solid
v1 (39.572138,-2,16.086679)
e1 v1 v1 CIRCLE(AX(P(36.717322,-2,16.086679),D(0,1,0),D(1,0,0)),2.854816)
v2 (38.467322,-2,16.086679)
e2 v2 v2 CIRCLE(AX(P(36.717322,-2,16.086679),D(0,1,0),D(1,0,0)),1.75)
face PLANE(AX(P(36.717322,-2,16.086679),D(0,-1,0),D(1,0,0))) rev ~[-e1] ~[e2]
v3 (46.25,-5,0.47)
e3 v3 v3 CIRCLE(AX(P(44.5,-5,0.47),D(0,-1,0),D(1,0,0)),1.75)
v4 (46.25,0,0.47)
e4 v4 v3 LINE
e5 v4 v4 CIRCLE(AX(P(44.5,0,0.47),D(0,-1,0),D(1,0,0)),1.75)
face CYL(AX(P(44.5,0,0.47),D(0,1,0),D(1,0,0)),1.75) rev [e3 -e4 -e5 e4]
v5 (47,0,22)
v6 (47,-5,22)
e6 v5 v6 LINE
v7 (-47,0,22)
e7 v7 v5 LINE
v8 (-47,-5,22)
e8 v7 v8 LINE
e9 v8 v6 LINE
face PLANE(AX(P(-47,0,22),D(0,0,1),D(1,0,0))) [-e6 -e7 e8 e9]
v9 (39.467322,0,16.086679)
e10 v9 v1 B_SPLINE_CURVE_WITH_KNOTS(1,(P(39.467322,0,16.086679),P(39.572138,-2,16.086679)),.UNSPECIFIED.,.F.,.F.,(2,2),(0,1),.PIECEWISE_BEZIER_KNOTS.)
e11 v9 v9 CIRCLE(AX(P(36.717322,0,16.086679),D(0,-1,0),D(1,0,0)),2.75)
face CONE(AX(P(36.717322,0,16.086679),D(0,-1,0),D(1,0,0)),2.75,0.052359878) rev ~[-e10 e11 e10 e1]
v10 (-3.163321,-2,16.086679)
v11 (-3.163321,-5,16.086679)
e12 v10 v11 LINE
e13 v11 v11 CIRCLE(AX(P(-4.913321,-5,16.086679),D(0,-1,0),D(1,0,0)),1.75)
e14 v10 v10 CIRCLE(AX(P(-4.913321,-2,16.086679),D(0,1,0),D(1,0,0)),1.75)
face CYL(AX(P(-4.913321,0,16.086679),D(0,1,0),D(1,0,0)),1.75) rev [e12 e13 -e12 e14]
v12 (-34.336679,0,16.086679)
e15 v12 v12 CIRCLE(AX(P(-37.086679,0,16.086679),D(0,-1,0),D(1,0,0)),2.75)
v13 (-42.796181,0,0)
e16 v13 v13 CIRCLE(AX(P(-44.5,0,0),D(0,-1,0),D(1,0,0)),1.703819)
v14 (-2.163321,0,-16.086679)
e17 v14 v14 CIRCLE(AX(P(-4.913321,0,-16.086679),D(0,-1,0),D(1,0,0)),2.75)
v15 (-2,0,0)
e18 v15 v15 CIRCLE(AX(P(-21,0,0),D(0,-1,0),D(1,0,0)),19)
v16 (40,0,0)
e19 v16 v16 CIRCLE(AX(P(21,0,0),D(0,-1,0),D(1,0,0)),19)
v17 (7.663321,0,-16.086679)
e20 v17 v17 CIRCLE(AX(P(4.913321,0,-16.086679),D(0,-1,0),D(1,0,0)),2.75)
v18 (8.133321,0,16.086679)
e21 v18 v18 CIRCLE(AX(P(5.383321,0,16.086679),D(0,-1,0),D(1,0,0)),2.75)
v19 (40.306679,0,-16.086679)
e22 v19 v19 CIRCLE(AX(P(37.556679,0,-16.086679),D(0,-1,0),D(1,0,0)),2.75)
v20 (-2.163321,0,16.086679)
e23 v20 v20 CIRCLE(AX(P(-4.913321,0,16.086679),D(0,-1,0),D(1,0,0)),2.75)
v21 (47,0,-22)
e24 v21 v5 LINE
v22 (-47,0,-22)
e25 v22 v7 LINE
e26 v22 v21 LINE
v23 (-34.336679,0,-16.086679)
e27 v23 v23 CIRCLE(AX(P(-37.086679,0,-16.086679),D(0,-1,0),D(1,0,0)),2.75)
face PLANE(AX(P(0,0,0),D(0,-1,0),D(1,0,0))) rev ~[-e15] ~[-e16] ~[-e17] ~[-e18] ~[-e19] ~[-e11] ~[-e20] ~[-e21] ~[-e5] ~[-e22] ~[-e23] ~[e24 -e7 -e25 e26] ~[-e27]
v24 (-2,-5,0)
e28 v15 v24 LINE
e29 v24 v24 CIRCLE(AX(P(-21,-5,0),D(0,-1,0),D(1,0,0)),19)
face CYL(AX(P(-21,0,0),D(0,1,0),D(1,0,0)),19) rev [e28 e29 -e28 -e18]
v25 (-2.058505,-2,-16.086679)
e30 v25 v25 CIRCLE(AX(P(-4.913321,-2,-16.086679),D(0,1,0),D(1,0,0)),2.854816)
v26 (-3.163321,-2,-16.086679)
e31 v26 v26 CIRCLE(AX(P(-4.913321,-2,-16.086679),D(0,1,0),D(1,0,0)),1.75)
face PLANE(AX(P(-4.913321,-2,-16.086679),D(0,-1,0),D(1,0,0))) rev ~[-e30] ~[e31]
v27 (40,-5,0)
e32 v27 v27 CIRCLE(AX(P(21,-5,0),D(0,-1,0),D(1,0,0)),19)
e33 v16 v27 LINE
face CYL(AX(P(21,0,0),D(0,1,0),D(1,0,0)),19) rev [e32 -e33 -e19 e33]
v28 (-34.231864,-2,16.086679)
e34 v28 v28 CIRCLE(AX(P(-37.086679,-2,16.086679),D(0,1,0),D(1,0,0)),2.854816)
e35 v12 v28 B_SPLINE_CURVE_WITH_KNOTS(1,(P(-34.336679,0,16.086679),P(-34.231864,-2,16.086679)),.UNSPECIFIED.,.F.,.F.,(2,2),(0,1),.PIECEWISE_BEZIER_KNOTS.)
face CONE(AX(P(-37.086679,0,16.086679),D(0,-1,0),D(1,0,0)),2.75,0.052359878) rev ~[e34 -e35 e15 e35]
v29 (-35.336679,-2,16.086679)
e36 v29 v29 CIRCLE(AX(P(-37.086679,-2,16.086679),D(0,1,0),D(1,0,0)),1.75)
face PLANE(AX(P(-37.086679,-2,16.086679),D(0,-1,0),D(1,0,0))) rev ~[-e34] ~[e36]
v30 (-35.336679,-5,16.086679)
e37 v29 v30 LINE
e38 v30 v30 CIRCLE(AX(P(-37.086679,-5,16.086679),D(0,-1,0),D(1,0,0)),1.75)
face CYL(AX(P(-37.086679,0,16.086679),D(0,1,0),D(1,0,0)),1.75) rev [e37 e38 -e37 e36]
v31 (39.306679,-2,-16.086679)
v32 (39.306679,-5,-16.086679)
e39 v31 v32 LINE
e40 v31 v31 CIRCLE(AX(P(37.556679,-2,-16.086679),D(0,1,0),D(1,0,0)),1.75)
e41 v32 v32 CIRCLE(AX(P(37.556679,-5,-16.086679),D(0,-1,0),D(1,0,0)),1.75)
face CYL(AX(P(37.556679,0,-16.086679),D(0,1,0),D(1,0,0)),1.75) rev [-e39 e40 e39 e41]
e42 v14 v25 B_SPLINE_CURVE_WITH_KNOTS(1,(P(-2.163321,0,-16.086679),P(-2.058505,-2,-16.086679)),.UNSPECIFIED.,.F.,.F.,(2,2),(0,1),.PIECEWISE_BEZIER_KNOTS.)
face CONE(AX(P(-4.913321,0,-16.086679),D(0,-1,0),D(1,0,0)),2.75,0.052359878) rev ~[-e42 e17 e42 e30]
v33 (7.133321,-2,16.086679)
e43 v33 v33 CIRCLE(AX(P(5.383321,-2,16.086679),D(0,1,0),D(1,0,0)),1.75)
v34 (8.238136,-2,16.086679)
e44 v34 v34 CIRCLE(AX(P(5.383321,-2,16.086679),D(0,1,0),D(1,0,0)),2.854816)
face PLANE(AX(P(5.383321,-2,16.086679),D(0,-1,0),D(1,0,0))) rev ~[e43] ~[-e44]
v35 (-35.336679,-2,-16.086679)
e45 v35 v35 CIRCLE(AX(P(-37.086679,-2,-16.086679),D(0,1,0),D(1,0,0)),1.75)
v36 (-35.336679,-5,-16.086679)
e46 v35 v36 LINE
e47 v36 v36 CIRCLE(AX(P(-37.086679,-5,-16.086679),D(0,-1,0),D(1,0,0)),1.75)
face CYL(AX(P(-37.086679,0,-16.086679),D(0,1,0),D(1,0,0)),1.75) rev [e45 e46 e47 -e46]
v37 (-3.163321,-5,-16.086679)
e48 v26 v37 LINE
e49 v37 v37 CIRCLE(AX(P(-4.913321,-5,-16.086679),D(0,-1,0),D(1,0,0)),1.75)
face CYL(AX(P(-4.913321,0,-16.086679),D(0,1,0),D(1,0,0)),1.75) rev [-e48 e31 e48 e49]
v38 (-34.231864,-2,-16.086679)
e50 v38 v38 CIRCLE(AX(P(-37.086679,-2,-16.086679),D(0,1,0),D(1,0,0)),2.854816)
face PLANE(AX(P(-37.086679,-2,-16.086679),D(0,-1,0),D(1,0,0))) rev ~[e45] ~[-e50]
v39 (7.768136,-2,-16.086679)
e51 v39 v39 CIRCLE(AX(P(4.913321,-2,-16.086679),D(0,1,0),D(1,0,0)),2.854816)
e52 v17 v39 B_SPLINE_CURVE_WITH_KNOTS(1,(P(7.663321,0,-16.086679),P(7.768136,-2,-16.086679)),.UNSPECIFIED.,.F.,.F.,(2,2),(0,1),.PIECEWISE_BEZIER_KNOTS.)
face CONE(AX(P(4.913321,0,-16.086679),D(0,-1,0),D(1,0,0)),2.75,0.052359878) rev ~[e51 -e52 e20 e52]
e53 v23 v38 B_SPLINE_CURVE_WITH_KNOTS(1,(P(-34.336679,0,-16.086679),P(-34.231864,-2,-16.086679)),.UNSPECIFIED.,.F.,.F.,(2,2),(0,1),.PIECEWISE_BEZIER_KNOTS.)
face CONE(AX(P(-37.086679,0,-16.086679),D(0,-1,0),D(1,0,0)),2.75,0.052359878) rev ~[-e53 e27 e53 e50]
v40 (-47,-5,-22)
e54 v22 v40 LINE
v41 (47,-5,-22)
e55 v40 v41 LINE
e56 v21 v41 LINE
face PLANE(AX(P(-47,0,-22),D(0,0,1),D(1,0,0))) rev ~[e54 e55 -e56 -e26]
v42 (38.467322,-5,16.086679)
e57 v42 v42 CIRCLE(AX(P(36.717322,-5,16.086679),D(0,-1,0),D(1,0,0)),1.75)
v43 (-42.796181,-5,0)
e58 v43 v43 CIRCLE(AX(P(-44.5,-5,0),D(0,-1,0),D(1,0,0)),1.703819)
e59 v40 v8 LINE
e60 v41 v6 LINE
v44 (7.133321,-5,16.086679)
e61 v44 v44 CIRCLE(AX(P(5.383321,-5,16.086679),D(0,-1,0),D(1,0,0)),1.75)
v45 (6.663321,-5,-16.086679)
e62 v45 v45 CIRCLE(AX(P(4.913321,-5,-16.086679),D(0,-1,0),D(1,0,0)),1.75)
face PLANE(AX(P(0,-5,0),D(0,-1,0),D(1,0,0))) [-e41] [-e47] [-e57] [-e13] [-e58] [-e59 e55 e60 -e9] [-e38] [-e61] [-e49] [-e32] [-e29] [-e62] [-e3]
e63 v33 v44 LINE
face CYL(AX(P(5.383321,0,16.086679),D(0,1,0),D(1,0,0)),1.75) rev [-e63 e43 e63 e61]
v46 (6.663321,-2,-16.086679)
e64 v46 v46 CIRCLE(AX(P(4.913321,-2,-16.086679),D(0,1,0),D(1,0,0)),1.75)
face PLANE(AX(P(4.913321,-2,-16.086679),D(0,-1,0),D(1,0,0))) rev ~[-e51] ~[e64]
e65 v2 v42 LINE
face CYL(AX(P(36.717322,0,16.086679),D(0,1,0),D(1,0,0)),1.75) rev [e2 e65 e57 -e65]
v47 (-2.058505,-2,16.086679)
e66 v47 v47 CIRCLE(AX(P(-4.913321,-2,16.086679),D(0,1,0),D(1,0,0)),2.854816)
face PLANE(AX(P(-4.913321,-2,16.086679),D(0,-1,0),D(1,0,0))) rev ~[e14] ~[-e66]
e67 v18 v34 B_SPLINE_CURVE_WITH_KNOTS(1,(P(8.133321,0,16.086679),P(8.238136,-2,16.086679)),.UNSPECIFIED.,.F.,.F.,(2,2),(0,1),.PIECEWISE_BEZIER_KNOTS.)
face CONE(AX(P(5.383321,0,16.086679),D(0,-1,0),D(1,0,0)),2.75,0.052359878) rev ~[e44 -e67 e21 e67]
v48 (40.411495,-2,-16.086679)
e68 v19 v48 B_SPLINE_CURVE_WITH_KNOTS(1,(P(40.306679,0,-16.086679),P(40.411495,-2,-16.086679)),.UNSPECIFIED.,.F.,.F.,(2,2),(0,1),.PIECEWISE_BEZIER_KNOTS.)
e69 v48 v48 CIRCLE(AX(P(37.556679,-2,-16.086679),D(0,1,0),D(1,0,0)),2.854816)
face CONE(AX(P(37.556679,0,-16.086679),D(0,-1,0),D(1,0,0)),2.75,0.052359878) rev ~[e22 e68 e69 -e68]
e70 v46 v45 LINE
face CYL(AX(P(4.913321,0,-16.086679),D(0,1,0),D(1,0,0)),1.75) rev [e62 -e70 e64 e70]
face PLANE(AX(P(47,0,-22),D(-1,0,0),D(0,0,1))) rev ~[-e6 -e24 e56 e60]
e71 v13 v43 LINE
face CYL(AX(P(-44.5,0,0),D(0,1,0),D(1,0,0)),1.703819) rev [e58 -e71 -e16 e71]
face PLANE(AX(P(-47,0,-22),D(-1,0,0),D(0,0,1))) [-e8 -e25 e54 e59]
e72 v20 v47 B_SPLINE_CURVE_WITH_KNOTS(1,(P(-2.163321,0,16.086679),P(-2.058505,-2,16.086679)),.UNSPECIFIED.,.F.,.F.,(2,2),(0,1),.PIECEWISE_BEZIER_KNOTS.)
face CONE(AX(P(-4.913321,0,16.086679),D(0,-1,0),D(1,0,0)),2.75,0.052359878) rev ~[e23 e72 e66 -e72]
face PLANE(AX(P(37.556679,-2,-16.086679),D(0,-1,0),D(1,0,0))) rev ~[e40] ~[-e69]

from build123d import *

# Parameters (mm, degrees)
F0_W     = 94
F0_H     = 44
F0_R     = 2.75
F0_R_2   = 1.7038186653
F0_R_3   = 19
F0_R_4   = 1.75
F1_DEPTH = 5
F2_DEPTH = 2
F2_TAPER = -3


with BuildPart() as f1:
    # F0 (on Front) → F1 (new body)
    with BuildSketch(Plane.XZ):
        Rectangle(F0_W, F0_H)
        with Locations((-37.086679272, -16.086679272)):
            Circle(F0_R, mode=Mode.SUBTRACT)
        with Locations((-4.913320728, -16.086679272)):
            Circle(F0_R, mode=Mode.SUBTRACT)
        with Locations((4.913320728, -16.086679272)):
            Circle(F0_R, mode=Mode.SUBTRACT)
        with Locations((37.556679272, -16.086679272)):
            Circle(F0_R, mode=Mode.SUBTRACT)
        with Locations((-44.5, 0)):
            Circle(F0_R_2, mode=Mode.SUBTRACT)
        with Locations((-21, 0)):
            Circle(F0_R_3, mode=Mode.SUBTRACT)
        with Locations((-37.086679272, 16.086679272)):
            Circle(F0_R, mode=Mode.SUBTRACT)
        with Locations((-4.913320728, 16.086679272)):
            Circle(F0_R, mode=Mode.SUBTRACT)
        with Locations((21, 0)):
            Circle(F0_R_3, mode=Mode.SUBTRACT)
        with Locations((44.5, 0.47)):
            Circle(F0_R_4, mode=Mode.SUBTRACT)
        with Locations((5.383320728, 16.086679272)):
            Circle(F0_R, mode=Mode.SUBTRACT)
        with Locations((36.7173222003, 16.086679272)):
            Circle(F0_R, mode=Mode.SUBTRACT)
        with Locations((-37.086679272, 16.086679272)):
            Circle(F0_R)
        with Locations((-37.086679272, 16.086679272)):
            Circle(F0_R_4, mode=Mode.SUBTRACT)
        with Locations((-4.913320728, 16.086679272)):
            Circle(F0_R)
        with Locations((-4.913320728, 16.086679272)):
            Circle(F0_R_4, mode=Mode.SUBTRACT)
        with Locations((-37.086679272, -16.086679272)):
            Circle(F0_R)
        with Locations((-37.086679272, -16.086679272)):
            Circle(F0_R_4, mode=Mode.SUBTRACT)
        with Locations((-4.913320728, -16.086679272)):
            Circle(F0_R)
        with Locations((-4.913320728, -16.086679272)):
            Circle(F0_R_4, mode=Mode.SUBTRACT)
        with Locations((5.383320728, 16.086679272)):
            Circle(F0_R)
        with Locations((5.383320728, 16.086679272)):
            Circle(F0_R_4, mode=Mode.SUBTRACT)
        with Locations((36.7173222003, 16.086679272)):
            Circle(F0_R)
        with Locations((36.7173222003, 16.086679272)):
            Circle(F0_R_4, mode=Mode.SUBTRACT)
        with Locations((37.556679272, -16.086679272)):
            Circle(F0_R)
        with Locations((37.556679272, -16.086679272)):
            Circle(F0_R_4, mode=Mode.SUBTRACT)
        with Locations((4.913320728, -16.086679272)):
            Circle(F0_R)
        with Locations((4.913320728, -16.086679272)):
            Circle(F0_R_4, mode=Mode.SUBTRACT)
    extrude(amount=F1_DEPTH)

    # F0 (on Front) → F2 (cut)
    with BuildSketch(Plane.XZ):
        with Locations((-37.086679272, 16.086679272)):
            Circle(F0_R)
        with Locations((-37.086679272, 16.086679272)):
            Circle(F0_R_4, mode=Mode.SUBTRACT)
        with Locations((-37.086679272, -16.086679272)):
            Circle(F0_R)
        with Locations((-37.086679272, -16.086679272)):
            Circle(F0_R_4, mode=Mode.SUBTRACT)
        with Locations((-4.913320728, -16.086679272)):
            Circle(F0_R)
        with Locations((-4.913320728, -16.086679272)):
            Circle(F0_R_4, mode=Mode.SUBTRACT)
        with Locations((4.913320728, -16.086679272)):
            Circle(F0_R)
        with Locations((4.913320728, -16.086679272)):
            Circle(F0_R_4, mode=Mode.SUBTRACT)
        with Locations((37.556679272, -16.086679272)):
            Circle(F0_R)
        with Locations((37.556679272, -16.086679272)):
            Circle(F0_R_4, mode=Mode.SUBTRACT)
        with Locations((36.7173222003, 16.086679272)):
            Circle(F0_R)
        with Locations((36.7173222003, 16.086679272)):
            Circle(F0_R_4, mode=Mode.SUBTRACT)
        with Locations((5.383320728, 16.086679272)):
            Circle(F0_R)
        with Locations((5.383320728, 16.086679272)):
            Circle(F0_R_4, mode=Mode.SUBTRACT)
        with Locations((-4.913320728, 16.086679272)):
            Circle(F0_R)
        with Locations((-4.913320728, 16.086679272)):
            Circle(F0_R_4, mode=Mode.SUBTRACT)
    extrude(amount=F2_DEPTH, taper=F2_TAPER, mode=Mode.SUBTRACT)


solid = f1.part
